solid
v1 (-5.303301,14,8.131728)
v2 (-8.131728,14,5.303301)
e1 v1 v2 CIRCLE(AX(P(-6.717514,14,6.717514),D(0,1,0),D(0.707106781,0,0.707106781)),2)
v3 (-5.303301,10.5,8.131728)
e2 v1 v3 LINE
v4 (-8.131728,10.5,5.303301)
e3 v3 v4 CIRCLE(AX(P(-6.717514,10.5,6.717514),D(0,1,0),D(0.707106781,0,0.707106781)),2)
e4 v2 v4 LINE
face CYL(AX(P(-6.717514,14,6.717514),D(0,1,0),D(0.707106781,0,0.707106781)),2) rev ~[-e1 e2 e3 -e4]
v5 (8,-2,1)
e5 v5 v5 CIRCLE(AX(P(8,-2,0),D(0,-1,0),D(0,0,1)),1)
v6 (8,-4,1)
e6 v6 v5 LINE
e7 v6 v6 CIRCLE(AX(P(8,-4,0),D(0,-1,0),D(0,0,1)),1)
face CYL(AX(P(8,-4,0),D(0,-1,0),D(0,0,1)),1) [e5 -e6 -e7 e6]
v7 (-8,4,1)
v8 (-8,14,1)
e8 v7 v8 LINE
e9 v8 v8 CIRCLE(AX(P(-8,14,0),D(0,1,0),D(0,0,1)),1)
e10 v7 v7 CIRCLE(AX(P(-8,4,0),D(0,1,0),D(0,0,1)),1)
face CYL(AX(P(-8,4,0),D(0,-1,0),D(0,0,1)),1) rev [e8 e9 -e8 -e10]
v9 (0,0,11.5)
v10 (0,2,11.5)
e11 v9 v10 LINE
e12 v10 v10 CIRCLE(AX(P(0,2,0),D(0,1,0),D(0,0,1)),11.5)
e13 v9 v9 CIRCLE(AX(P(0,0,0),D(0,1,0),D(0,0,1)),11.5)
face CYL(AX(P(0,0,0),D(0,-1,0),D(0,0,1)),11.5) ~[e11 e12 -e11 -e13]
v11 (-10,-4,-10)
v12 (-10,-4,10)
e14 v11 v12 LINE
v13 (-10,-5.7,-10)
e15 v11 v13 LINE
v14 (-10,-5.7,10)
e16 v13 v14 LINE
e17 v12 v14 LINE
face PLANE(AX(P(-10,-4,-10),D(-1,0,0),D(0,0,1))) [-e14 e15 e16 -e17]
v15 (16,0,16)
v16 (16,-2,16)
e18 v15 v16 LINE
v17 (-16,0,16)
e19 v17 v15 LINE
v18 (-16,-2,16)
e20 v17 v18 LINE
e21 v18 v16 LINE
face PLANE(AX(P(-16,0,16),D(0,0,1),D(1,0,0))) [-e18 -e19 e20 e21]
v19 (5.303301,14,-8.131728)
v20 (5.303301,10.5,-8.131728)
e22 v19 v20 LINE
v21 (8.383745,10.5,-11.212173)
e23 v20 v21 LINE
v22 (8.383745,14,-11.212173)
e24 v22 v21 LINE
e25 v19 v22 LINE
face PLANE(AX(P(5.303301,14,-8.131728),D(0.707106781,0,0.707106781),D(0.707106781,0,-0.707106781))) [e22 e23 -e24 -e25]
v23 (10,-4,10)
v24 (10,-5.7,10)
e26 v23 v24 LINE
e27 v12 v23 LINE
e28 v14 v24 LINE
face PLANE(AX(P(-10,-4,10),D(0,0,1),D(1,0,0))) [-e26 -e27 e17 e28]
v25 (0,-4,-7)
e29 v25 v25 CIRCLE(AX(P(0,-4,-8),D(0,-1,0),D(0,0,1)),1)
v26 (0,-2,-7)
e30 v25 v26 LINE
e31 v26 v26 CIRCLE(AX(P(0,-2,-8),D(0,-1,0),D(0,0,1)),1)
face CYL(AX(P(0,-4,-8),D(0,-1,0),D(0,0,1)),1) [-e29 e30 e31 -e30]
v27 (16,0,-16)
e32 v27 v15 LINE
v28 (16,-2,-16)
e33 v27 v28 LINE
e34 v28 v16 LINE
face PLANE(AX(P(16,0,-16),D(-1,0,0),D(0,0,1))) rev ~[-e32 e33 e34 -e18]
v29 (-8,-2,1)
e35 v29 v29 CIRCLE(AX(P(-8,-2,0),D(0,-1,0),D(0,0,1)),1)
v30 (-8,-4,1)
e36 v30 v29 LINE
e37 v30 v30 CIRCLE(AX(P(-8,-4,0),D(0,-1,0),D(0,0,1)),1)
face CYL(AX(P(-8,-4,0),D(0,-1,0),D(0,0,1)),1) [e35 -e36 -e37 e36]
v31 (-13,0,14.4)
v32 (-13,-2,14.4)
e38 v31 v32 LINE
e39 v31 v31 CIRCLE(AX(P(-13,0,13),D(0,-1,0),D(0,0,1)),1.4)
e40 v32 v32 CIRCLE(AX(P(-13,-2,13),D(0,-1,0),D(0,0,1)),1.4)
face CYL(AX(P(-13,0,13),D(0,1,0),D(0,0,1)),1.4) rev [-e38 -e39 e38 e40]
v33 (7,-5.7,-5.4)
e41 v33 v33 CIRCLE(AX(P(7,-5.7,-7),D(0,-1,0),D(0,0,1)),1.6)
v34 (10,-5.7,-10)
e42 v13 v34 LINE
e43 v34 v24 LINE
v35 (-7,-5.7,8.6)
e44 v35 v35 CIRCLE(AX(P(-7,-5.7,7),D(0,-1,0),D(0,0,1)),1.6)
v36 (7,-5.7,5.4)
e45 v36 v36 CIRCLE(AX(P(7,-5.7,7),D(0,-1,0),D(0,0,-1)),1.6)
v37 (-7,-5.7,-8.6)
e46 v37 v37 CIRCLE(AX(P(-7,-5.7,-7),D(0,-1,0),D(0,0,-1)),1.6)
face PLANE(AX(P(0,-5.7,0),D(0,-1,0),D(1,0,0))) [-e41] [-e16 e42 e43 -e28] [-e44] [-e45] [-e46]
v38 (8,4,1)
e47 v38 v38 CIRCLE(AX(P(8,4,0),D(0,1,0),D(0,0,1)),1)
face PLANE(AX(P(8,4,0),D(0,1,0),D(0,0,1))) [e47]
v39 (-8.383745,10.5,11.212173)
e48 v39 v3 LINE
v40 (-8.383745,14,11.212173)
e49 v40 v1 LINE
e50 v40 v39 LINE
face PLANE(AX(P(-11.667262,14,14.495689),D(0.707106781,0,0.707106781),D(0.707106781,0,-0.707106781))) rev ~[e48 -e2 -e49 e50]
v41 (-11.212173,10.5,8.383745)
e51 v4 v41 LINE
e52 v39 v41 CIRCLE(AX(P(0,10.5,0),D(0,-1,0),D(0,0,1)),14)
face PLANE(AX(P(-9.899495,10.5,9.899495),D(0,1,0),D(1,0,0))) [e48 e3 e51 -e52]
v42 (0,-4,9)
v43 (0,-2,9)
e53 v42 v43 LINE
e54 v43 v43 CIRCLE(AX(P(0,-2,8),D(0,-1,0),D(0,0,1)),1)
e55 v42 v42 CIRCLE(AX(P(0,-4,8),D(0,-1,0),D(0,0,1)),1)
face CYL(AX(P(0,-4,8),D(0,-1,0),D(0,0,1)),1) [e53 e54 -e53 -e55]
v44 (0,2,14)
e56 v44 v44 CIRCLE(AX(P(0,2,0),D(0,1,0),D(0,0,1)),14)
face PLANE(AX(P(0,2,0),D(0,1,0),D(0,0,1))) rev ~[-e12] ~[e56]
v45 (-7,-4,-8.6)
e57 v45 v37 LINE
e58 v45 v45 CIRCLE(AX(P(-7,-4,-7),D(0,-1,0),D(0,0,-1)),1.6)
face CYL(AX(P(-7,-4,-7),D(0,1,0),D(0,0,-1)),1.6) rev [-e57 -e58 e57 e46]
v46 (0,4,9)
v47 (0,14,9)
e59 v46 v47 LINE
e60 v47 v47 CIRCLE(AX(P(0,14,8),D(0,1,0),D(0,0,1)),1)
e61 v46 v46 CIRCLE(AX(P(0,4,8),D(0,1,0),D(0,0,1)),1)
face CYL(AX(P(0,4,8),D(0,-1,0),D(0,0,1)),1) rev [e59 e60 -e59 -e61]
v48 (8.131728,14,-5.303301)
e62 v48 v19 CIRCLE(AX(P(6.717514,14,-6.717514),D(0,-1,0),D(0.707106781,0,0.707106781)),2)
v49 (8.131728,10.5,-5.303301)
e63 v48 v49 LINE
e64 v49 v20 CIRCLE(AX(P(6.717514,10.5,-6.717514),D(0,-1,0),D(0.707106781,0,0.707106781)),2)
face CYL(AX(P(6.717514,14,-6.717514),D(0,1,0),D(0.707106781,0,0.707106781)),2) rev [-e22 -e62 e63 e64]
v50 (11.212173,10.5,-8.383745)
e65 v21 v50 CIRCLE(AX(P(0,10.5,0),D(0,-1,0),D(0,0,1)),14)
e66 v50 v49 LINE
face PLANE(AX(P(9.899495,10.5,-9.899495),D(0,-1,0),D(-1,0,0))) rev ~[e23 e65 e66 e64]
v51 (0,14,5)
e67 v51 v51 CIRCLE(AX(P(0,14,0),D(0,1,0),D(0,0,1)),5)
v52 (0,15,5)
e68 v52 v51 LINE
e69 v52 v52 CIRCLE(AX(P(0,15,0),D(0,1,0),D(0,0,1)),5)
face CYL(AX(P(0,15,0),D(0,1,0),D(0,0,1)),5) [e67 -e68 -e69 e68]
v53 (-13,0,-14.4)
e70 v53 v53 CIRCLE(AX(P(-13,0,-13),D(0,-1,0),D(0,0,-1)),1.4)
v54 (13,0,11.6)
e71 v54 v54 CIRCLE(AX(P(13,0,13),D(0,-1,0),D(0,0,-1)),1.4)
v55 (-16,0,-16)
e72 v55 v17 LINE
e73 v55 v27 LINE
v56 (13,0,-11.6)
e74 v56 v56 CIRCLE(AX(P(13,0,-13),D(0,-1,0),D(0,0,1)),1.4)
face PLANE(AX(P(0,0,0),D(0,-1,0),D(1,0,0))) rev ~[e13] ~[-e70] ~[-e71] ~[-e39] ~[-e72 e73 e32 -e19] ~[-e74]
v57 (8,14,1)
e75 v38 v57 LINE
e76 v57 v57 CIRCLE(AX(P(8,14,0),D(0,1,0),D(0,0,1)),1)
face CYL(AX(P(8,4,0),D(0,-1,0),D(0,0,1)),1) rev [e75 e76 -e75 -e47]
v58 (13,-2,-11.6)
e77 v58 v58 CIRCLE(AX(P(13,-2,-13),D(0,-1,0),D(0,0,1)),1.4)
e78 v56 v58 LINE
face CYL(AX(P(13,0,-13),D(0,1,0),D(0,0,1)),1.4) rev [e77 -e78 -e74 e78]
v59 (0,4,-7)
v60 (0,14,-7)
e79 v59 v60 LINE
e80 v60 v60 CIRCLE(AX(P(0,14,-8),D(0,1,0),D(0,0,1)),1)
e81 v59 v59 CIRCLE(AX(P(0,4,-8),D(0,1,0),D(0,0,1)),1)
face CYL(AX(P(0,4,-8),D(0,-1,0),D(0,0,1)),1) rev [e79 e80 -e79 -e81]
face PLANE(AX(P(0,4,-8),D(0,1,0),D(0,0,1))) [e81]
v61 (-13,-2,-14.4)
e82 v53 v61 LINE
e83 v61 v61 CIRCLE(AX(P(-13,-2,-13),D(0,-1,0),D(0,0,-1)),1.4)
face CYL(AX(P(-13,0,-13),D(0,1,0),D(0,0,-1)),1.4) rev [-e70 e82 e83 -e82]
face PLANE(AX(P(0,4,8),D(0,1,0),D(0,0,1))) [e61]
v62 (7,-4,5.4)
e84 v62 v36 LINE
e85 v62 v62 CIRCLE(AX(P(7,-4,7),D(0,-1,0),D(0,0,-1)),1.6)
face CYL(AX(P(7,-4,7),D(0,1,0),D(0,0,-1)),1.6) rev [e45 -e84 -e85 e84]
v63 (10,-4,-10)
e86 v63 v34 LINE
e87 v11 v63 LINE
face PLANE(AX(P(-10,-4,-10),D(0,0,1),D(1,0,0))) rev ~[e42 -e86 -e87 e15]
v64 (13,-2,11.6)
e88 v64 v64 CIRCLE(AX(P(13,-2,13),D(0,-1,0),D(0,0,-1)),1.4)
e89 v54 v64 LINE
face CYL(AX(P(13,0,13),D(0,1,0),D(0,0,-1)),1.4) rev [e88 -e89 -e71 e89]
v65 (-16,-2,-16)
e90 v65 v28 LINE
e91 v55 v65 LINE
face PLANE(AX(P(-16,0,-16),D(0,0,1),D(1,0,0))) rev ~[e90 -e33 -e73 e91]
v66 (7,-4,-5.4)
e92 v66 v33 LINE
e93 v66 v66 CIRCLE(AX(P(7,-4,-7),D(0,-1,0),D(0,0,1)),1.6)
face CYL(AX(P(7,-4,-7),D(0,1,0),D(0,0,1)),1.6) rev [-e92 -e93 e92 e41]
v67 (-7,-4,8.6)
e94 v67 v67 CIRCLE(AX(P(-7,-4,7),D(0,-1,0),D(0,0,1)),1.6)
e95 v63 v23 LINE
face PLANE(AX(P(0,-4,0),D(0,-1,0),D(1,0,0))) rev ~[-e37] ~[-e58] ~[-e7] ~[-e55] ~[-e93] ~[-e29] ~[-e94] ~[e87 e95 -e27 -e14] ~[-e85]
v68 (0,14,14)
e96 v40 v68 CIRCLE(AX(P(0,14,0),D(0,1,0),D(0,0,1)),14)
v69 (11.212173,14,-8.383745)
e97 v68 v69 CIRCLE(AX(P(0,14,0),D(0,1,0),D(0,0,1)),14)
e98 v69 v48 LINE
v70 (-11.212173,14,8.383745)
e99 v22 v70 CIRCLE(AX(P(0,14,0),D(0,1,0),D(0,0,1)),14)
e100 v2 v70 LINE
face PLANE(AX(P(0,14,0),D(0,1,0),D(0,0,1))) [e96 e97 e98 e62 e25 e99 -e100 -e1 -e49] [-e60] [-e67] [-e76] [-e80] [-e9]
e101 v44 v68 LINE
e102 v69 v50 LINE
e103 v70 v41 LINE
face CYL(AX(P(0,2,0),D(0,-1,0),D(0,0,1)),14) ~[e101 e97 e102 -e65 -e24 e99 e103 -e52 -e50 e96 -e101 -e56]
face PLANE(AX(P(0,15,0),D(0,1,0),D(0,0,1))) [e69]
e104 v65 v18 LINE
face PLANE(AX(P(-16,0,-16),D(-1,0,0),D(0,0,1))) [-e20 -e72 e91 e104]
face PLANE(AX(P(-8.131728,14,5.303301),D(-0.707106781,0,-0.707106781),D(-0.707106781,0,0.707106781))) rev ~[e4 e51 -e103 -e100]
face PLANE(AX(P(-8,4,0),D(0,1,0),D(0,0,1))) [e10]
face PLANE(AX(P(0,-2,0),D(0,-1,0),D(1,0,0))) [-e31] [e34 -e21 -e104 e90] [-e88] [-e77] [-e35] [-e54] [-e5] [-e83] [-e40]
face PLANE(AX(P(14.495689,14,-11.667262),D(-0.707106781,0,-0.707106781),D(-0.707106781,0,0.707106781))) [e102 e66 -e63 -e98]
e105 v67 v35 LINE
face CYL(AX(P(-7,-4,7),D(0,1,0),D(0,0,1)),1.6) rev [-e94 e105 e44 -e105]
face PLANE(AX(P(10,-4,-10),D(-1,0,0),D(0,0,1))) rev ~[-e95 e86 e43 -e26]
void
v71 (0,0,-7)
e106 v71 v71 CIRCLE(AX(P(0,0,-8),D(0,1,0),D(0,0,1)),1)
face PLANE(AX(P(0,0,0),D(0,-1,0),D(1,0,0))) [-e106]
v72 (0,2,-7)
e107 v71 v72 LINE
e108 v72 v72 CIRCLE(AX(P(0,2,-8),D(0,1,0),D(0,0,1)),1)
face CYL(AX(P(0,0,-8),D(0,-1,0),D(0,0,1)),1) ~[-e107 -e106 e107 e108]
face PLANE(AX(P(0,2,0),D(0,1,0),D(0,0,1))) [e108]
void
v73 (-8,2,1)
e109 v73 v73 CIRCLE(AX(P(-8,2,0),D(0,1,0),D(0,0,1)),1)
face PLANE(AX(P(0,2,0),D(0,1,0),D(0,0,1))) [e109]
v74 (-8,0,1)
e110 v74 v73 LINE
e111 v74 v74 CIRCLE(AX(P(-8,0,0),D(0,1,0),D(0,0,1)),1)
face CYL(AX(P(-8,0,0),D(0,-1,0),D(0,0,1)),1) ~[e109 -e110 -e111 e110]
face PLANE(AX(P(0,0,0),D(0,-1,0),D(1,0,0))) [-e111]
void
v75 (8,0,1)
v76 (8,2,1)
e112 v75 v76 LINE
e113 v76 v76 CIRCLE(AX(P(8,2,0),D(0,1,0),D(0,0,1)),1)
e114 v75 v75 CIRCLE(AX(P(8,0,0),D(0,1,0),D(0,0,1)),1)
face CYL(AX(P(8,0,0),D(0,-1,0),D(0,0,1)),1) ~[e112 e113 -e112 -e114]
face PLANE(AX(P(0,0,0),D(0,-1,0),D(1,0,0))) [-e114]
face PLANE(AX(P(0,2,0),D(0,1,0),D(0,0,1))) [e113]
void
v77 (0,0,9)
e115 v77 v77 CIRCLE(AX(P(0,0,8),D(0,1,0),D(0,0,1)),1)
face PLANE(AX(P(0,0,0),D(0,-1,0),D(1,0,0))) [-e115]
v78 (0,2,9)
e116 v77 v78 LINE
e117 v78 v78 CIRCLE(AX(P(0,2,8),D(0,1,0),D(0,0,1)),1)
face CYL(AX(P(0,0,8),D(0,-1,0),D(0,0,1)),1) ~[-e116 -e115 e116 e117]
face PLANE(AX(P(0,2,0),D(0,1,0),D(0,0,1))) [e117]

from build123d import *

# Parameters (mm, degrees)
SKETCH_1_R          = 11.5
SKETCH_1_R_2        = 1
EXTRUDE_1_DEPTH     = 2
SKETCH_1_3_R        = 5
EXTRUDE_2_DEPTH     = 0.25
SKETCH_2_R          = 14
EXTRUDE_3_DEPTH     = 12
EXTRUDE_START       = 1
SKETCH_3_R          = 5
EXTRUDE_4_DEPTH     = 1
CUT_EXTRUDE_START   = -10
SKETCH_3_3_R        = 1
CUT_EXTRUDE_1_DEPTH = 10
CUT_EXTRUDE_2_DEPTH = 3.5
SKETCH_5_W          = 32
SKETCH_5_H          = 32
SKETCH_5_R          = 1.4
EXTRUDE_5_DEPTH     = 2
EXTRUDE_START_2     = 2
SKETCH_6_R          = 1
EXTRUDE_6_DEPTH     = 2
SKETCH_7_W          = 20
SKETCH_7_H          = 20
SKETCH_7_R          = 1.6
EXTRUDE_7_DEPTH     = 1.7


with BuildPart() as part:
    # 草图1 → 凸台-拉伸1 (new body)
    with BuildSketch(Plane(origin=(0, 0, 0), x_dir=(1, 0, 0), z_dir=(0, 1, 0))):
        Circle(SKETCH_1_R)
        with Locations((0, -8)):
            Circle(SKETCH_1_R_2, mode=Mode.SUBTRACT)
        with Locations((-8, 0)):
            Circle(SKETCH_1_R_2, mode=Mode.SUBTRACT)
        with Locations((8, 0)):
            Circle(SKETCH_1_R_2, mode=Mode.SUBTRACT)
        with Locations((0, 8)):
            Circle(SKETCH_1_R_2, mode=Mode.SUBTRACT)
    extrude(amount=EXTRUDE_1_DEPTH)

    # 草图1<3> → 凸台-拉伸2 (add)
    with BuildSketch(Plane(origin=(0, 0, 0), x_dir=(1, 0, 0), z_dir=(0, 1, 0))):
        Circle(SKETCH_1_3_R)
    extrude(amount=-EXTRUDE_2_DEPTH)

    # 草图2 → 凸台-拉伸3 (add)
    with BuildSketch(Plane(origin=(0, 2, 0), x_dir=(1, 0, 0), z_dir=(0, 1, 0))):
        Circle(SKETCH_2_R)
    extrude(amount=EXTRUDE_3_DEPTH)

    # 草图3 → 凸台-拉伸4 (add)
    with BuildSketch(Plane(origin=(0, 14, 0), x_dir=(1, 0, 0), z_dir=(0, 1, 0)).offset(EXTRUDE_START)):
        Circle(SKETCH_3_R)
    extrude(amount=-EXTRUDE_4_DEPTH)

    # 草图3<3> → 切除-拉伸1 (cut)
    with BuildSketch(Plane(origin=(0, 14, 0), x_dir=(1, 0, 0), z_dir=(0, 1, 0)).offset(CUT_EXTRUDE_START)):
        with Locations((8, 0)):
            Circle(SKETCH_3_3_R)
        with Locations((0, -8)):
            Circle(SKETCH_3_3_R)
        with Locations((-8, 0)):
            Circle(SKETCH_3_3_R)
        with Locations((0, 8)):
            Circle(SKETCH_3_3_R)
    extrude(amount=CUT_EXTRUDE_1_DEPTH, mode=Mode.SUBTRACT)

    # 草图4 → 切除-拉伸2 (cut)
    with BuildSketch(Plane(origin=(0, 14, 0), x_dir=(1, 0, 0), z_dir=(0, 1, 0))):
        with BuildLine():
            Line((14.495689014, 11.66726189), (8.131727984, 5.303300859))
            ThreePointArc((8.131727984, 5.303300859), (5.303300859, 5.303300859), (5.303300859, 8.131727984))
            Line((5.303300859, 8.131727984), (11.66726189, 14.495689014))
            ThreePointArc((11.66726189, 14.495689014), (14.495689014, 14.495689014), (14.495689014, 11.66726189))
        make_face()
        with BuildLine():
            Line((-11.66726189, -14.495689014), (-5.303300859, -8.131727984))
            ThreePointArc((-5.303300859, -8.131727984), (-5.303300859, -5.303300859), (-8.131727984, -5.303300859))
            Line((-8.131727984, -5.303300859), (-14.495689014, -11.66726189))
            ThreePointArc((-14.495689014, -11.66726189), (-14.495689014, -14.495689014), (-11.66726189, -14.495689014))
        make_face()
    extrude(amount=-CUT_EXTRUDE_2_DEPTH, mode=Mode.SUBTRACT)

    # 草图5 → 凸台-拉伸5 (add)
    with BuildSketch(Plane.XZ):
        Rectangle(SKETCH_5_W, SKETCH_5_H)
        with Locations((13, 13)):
            Circle(SKETCH_5_R, mode=Mode.SUBTRACT)
        with Locations((-13, 13)):
            Circle(SKETCH_5_R, mode=Mode.SUBTRACT)
        with Locations((13, -13)):
            Circle(SKETCH_5_R, mode=Mode.SUBTRACT)
        with Locations((-13, -13)):
            Circle(SKETCH_5_R, mode=Mode.SUBTRACT)
    extrude(amount=EXTRUDE_5_DEPTH)

    # 草图6 → 凸台-拉伸6 (add)
    with BuildSketch(Plane.XZ.offset(2).offset(EXTRUDE_START_2)):
        with Locations((8, 0)):
            Circle(SKETCH_6_R)
        with Locations((0, -8)):
            Circle(SKETCH_6_R)
        with Locations((-8, 0)):
            Circle(SKETCH_6_R)
        with Locations((0, 8)):
            Circle(SKETCH_6_R)
    extrude(amount=-EXTRUDE_6_DEPTH)

    # 草图7 → 凸台-拉伸7 (add)
    with BuildSketch(Plane.XZ.offset(4)):
        Rectangle(SKETCH_7_W, SKETCH_7_H)
        with Locations((7, 7)):
            Circle(SKETCH_7_R, mode=Mode.SUBTRACT)
        with Locations((-7, 7)):
            Circle(SKETCH_7_R, mode=Mode.SUBTRACT)
        with Locations((7, -7)):
            Circle(SKETCH_7_R, mode=Mode.SUBTRACT)
        with Locations((-7, -7)):
            Circle(SKETCH_7_R, mode=Mode.SUBTRACT)
    extrude(amount=EXTRUDE_7_DEPTH)


solid = part.part
